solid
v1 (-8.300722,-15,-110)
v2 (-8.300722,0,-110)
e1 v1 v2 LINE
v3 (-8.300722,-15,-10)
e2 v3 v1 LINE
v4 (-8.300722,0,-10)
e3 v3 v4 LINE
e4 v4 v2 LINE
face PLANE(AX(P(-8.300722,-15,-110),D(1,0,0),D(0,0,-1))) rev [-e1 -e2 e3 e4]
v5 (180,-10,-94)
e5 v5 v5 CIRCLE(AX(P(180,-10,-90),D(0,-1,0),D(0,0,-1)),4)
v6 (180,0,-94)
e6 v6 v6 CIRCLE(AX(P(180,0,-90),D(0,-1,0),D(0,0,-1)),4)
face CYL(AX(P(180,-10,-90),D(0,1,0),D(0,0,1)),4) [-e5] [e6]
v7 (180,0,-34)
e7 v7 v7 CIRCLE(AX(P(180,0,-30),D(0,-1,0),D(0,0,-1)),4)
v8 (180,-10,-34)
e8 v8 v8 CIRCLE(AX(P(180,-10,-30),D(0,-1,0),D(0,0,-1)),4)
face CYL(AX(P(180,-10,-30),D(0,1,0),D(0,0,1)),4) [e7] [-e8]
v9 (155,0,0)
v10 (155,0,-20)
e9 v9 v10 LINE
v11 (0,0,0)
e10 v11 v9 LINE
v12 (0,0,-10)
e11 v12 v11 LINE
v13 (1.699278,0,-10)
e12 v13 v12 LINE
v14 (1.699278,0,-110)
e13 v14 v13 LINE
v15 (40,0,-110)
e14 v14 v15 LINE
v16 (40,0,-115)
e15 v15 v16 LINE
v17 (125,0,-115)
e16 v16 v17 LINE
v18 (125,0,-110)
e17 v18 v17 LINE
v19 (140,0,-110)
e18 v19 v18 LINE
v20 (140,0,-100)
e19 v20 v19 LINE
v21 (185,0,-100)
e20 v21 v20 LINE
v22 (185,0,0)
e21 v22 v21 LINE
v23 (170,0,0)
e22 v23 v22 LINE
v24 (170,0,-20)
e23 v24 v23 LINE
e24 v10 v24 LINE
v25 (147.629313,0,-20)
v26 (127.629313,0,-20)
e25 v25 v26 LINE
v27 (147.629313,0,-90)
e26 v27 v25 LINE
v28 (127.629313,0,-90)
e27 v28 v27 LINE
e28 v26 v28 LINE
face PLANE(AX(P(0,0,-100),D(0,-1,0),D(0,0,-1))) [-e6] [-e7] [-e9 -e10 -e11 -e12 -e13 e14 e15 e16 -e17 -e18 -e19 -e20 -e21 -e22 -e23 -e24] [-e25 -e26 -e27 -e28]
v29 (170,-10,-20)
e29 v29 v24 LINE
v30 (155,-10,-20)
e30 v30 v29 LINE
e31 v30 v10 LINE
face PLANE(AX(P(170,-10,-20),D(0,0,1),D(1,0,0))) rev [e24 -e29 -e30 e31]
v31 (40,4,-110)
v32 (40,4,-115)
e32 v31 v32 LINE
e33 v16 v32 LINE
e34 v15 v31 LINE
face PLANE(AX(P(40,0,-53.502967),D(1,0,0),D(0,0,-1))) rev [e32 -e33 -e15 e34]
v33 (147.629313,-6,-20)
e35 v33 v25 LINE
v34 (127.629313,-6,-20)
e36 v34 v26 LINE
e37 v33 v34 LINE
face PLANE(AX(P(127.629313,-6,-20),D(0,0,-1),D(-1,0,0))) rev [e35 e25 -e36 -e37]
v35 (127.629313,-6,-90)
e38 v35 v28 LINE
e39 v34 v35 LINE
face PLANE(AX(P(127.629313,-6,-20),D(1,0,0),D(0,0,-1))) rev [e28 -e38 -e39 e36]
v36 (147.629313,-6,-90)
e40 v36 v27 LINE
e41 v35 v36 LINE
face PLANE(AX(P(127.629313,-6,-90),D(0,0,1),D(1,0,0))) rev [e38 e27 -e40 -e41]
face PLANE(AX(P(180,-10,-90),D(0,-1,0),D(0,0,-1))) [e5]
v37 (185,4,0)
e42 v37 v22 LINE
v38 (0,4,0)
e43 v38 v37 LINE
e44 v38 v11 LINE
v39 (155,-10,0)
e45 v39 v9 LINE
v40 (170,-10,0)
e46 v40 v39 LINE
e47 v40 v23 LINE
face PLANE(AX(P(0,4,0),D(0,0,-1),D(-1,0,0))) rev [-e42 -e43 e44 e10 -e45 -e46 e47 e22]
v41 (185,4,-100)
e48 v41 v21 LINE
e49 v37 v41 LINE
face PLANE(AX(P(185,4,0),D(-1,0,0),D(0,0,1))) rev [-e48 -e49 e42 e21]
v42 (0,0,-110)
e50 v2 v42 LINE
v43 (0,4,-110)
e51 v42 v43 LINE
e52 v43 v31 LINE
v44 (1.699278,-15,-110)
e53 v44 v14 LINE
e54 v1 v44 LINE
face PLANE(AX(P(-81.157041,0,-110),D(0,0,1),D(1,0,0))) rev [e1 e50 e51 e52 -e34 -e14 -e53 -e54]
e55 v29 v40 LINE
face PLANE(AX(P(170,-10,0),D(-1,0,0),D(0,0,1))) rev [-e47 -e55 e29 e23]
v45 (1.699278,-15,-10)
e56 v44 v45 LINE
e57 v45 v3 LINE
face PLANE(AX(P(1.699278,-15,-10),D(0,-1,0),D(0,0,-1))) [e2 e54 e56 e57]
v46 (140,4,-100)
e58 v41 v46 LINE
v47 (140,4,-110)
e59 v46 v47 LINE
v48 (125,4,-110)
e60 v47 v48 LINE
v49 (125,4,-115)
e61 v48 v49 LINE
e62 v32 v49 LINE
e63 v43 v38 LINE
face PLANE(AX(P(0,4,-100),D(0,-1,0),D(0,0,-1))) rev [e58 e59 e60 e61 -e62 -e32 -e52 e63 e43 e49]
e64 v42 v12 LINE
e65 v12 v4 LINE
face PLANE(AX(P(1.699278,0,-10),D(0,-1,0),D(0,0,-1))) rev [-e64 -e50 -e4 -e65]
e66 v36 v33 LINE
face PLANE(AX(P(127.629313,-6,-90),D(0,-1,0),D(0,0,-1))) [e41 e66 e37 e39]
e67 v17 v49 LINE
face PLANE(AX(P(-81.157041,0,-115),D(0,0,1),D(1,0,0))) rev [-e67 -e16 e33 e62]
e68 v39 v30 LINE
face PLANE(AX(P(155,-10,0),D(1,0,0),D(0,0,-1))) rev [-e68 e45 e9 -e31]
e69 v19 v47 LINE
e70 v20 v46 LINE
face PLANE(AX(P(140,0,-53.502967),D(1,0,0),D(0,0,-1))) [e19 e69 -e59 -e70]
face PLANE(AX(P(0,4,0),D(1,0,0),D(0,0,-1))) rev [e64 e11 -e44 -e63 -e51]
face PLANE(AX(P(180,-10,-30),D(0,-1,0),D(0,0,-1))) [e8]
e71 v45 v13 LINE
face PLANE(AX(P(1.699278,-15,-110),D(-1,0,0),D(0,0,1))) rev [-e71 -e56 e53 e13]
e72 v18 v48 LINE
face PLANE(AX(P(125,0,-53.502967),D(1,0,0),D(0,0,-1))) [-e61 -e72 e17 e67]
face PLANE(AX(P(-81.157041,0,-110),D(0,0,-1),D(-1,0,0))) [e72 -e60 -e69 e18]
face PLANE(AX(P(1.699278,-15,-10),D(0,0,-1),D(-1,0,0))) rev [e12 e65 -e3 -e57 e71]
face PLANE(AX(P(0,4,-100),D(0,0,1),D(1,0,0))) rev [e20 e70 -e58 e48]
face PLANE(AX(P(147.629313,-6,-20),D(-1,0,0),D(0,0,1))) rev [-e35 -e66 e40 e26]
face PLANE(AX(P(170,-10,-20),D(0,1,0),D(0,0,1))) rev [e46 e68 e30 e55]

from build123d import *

# Parameters (mm, degrees)
SKETCH1_W           = 185
SKETCH1_H           = 100
BOSS_EXTRUDE1_DEPTH = 4
BOSS_EXTRUDE2_DEPTH = 4
SKETCH3_W           = 10
SKETCH3_H           = 100
BOSS_EXTRUDE3_DEPTH = 15
SKETCH4_W           = 20
SKETCH4_H           = 70
BOSS_EXTRUDE4_DEPTH = 6
SKETCH5_W           = 15
SKETCH5_H           = 20
BOSS_EXTRUDE5_DEPTH = 10
SKETCH6_R           = 4
BOSS_EXTRUDE6_DEPTH = 10


with BuildPart() as part:
    # Sketch1 → Boss-Extrude1 (new body)
    with BuildSketch(Plane(origin=(0, 0, 0), x_dir=(1, 0, 0), z_dir=(0, 1, 0))):
        with Locations((92.5, 50)):
            Rectangle(SKETCH1_W, SKETCH1_H)
    extrude(amount=BOSS_EXTRUDE1_DEPTH)

    # Sketch2 → Boss-Extrude2 (add)
    with BuildSketch(Plane(origin=(0, 4, 0), x_dir=(-1, 0, 0), z_dir=(0, 1, 0))):
        Polygon((-40, -115), (-40, -110), (0, -110), (0, -100), (-140, -100), (-140, -110), (-125, -110), (-125, -115), align=None)
    extrude(amount=-BOSS_EXTRUDE2_DEPTH)

    # Sketch3 → Boss-Extrude3 (add)
    with BuildSketch(Plane.XZ):
        with Locations((-3.300721775, -60)):
            Rectangle(SKETCH3_W, SKETCH3_H)
    extrude(amount=BOSS_EXTRUDE3_DEPTH)

    # Sketch4 → Boss-Extrude4 (add)
    with BuildSketch(Plane.XZ):
        with Locations((137.629312938, -55)):
            Rectangle(SKETCH4_W, SKETCH4_H)
    extrude(amount=BOSS_EXTRUDE4_DEPTH)

    # Sketch5 → Boss-Extrude5 (add)
    with BuildSketch(Plane.XZ):
        with Locations((162.5, -10)):
            Rectangle(SKETCH5_W, SKETCH5_H)
    extrude(amount=BOSS_EXTRUDE5_DEPTH)

    # Sketch6 → Boss-Extrude6 (add)
    with BuildSketch(Plane.XZ):
        with Locations(Location((180, -30, 0), (0, 0, 270))):
            Circle(SKETCH6_R)
        with Locations(Location((180, -90, 0), (0, 0, 270))):
            Circle(SKETCH6_R)
    extrude(amount=BOSS_EXTRUDE6_DEPTH)


solid = part.part
